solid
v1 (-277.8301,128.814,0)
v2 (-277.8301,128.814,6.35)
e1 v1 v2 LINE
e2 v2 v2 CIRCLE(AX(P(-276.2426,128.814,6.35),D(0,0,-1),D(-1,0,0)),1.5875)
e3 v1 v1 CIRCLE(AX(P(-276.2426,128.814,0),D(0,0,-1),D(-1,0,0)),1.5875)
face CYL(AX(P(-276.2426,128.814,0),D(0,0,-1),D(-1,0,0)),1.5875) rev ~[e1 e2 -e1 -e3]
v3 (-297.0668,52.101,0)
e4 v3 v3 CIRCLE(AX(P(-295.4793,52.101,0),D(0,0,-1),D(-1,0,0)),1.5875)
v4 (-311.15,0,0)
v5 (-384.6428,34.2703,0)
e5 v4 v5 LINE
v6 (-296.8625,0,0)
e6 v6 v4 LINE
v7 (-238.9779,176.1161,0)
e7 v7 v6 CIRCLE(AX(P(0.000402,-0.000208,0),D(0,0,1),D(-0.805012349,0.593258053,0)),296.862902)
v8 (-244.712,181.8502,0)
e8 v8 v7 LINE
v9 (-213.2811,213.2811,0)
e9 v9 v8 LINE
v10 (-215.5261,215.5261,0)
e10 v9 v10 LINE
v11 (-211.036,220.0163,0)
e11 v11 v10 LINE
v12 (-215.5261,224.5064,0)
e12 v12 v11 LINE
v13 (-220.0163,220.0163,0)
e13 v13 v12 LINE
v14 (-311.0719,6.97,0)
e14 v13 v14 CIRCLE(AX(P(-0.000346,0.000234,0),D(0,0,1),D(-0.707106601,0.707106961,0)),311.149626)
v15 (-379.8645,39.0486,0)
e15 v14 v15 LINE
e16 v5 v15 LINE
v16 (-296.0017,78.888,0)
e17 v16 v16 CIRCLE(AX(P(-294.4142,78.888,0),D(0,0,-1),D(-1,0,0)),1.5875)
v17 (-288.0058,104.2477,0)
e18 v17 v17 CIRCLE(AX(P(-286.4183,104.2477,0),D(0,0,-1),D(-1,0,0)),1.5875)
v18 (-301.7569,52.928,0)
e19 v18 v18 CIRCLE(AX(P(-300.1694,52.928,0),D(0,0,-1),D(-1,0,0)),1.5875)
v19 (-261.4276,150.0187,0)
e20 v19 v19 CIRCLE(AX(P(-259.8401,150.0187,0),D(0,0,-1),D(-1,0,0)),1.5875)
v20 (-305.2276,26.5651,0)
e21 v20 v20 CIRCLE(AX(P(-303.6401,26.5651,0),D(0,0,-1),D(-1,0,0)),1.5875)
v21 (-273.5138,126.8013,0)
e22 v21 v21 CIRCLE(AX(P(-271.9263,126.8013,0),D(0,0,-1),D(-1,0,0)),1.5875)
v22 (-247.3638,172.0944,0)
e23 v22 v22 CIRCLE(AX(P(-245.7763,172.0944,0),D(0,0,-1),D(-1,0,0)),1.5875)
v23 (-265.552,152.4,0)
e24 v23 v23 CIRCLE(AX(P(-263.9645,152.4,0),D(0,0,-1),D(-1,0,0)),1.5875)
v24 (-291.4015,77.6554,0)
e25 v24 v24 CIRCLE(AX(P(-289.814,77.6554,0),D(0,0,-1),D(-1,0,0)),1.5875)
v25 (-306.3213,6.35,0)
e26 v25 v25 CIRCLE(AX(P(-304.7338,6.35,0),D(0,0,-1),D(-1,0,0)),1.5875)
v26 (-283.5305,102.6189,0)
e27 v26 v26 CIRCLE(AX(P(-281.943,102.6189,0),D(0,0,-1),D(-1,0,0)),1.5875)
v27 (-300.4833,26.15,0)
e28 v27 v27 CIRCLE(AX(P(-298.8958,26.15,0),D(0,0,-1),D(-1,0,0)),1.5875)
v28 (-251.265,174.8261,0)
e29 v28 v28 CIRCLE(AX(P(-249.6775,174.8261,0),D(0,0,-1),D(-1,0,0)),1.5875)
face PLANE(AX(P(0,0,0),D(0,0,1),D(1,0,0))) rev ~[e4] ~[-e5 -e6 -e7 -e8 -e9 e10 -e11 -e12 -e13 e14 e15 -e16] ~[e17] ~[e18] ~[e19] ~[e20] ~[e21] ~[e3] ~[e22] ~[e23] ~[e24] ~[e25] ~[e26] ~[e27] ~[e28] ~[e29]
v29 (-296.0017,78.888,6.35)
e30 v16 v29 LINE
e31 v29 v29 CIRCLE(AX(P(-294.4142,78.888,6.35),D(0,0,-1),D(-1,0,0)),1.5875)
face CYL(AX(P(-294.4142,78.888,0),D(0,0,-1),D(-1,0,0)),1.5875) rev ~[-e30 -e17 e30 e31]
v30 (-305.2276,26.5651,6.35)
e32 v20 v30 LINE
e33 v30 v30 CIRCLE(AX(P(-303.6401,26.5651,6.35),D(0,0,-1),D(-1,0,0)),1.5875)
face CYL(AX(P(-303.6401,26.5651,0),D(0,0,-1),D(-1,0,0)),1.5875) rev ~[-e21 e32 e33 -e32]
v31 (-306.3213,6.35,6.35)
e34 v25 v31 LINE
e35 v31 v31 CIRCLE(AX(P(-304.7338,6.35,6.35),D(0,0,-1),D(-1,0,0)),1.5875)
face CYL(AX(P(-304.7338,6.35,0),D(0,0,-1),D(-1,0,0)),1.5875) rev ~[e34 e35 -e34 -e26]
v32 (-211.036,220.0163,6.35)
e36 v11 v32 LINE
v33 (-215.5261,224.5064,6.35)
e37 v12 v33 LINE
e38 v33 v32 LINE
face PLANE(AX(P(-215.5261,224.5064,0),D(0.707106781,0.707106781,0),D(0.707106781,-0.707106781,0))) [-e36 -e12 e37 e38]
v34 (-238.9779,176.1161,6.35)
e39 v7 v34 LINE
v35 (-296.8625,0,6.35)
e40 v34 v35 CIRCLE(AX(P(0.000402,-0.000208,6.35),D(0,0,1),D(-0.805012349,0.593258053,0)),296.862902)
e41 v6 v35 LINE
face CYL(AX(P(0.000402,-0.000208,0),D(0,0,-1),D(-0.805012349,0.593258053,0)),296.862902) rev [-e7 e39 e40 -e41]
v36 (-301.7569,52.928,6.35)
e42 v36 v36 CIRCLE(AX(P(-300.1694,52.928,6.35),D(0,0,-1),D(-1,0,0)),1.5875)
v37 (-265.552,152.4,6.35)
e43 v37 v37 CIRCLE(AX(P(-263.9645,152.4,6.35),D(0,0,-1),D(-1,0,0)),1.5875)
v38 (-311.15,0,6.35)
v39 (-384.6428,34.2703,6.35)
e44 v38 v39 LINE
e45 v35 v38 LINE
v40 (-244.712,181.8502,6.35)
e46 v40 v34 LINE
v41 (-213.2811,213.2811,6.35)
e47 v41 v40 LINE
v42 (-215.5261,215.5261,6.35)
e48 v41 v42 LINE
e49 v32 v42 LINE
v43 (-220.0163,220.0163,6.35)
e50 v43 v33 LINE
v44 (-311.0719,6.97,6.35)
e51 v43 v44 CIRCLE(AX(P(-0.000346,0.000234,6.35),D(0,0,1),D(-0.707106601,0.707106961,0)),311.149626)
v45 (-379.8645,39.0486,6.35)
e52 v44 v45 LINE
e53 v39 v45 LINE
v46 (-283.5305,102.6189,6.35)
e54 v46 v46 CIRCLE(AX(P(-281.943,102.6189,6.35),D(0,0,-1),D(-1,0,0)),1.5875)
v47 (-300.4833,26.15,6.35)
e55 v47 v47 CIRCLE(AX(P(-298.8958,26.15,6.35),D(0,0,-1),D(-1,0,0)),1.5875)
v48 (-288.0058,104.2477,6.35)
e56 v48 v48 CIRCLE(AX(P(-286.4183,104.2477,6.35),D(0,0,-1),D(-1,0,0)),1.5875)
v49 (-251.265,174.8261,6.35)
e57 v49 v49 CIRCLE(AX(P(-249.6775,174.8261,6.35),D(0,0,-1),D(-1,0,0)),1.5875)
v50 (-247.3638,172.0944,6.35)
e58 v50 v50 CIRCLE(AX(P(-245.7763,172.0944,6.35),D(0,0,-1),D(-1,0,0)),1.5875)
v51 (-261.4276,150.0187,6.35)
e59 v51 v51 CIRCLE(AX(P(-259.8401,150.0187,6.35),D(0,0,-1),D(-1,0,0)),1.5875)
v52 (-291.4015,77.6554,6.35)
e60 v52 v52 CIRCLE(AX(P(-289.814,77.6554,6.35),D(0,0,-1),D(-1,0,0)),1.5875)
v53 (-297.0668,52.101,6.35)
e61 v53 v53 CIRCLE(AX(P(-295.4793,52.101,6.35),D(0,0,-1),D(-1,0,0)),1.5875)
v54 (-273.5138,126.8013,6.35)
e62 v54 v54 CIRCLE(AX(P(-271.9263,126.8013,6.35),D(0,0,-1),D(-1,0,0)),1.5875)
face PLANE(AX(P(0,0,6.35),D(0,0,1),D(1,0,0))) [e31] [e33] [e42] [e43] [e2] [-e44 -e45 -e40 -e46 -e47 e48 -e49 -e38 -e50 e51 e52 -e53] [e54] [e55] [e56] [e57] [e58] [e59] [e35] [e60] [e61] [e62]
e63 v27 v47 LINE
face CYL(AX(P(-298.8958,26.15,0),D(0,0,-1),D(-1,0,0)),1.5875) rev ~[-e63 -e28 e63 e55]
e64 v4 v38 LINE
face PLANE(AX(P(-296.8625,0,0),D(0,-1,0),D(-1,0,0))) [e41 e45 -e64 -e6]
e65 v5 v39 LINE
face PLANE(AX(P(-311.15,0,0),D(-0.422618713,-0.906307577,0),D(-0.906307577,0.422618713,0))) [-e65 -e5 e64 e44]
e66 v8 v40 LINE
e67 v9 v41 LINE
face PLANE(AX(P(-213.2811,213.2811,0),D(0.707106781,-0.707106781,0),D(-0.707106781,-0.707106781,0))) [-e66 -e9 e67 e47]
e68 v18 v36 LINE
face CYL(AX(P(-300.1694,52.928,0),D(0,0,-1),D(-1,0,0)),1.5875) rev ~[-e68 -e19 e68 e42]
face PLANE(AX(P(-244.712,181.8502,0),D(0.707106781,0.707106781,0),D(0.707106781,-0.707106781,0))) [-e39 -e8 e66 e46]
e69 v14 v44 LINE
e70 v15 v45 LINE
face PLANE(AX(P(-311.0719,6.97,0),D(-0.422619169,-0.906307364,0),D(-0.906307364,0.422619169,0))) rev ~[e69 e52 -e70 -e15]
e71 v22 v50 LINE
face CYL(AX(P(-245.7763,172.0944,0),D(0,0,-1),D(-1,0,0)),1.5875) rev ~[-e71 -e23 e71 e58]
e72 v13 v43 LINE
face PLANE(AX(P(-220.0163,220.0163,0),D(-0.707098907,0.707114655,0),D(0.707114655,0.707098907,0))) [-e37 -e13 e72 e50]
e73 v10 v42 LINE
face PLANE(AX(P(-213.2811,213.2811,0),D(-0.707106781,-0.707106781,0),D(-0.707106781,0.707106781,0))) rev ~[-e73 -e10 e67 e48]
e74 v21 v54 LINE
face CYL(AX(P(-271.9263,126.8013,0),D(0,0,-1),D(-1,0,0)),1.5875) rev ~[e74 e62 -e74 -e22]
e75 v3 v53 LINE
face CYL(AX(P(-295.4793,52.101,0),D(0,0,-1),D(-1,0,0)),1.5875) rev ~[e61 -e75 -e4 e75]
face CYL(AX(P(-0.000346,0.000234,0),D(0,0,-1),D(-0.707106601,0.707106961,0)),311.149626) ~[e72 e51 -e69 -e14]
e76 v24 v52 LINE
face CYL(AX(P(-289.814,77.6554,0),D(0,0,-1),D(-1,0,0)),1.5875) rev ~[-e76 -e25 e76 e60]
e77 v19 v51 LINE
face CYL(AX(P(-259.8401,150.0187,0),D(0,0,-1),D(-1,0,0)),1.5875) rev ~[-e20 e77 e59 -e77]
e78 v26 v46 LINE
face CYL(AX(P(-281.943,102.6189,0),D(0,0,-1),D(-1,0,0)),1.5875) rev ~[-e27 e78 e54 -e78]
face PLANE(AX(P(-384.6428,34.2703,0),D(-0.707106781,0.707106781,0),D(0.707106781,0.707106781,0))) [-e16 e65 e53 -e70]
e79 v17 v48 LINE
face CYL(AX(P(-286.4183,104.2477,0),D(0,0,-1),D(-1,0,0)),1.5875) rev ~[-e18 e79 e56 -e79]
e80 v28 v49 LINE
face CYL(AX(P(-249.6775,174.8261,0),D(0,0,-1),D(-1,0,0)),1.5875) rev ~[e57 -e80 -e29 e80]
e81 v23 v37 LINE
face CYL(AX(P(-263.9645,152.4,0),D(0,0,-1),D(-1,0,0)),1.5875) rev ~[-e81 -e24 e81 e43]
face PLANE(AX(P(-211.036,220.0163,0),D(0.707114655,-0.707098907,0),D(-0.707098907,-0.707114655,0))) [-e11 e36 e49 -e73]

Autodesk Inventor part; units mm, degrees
ref_plane "YZ Plane" through (0, 0, 0) normal (1, 0, 0) x (0, 1, 0)
ref_plane "XZ Plane" through (0, 0, 0) normal (0, 1, 0) x (-1, 0, 0)
ref_plane "XY Plane" through (0, 0, 0) normal (0, 0, 1) x (1, 0, 0)
sketch "Sketch1" plane through (0, 0, 0) normal (0, 0, 1) x (1, 0, 0)
  arc A0 (-220.0163, 220.0163) -> (-311.0719, 6.97) centre (0, 0) ccw
  line L0 (0, 0) -> (-215.5261, 215.5261)
  line L1 (0, 0) -> (-311.15, 0)
  line L2 (-220.0163, 220.0163) -> (-215.5261, 224.5064)
  line L3 (-215.5261, 224.5064) -> (-211.036, 220.0163)
  line L4 (-211.036, 220.0163) -> (-215.5261, 215.5261)
  line L5 (-311.15, 0) -> (-384.6428, 34.2703)
  line L6 (-311.0719, 6.97) -> (-379.8645, 39.0486)
  line L7 (-384.6428, 34.2703) -> (-379.8645, 39.0486)
  arc A1 (-238.9779, 176.1161) -> (-296.8625, 0) centre (0, 0) ccw
  line L8 (-215.5261, 215.5261) -> (-213.2811, 213.2811)
  line L9 (-213.2811, 213.2811) -> (-244.712, 181.8502)
  line L10 (-244.712, 181.8502) -> (-238.9779, 176.1161)
  point P0 (-304.8, 0)
  point P1 (-209.9135, 209.9135)
  dimension "d10" = 45
  dimension "d11" = 6.35
  dimension "d12" = 6.35
  dimension "d13" = 25
  dimension "d14" = 6.35
  dimension "d15" = 76.2
  dimension "d16" = 593.725
  dimension "d18" = 3.175
  dimension "d19" = 44.45
extrude "Extrusion1" add sketch "Sketch1" along normal blind 6.35 contours L2 L3 L4 L0 L9 L10 A1 L1 L5 L7 L6 A0
sketch "Sketch5" plane through (0, 0, 0) normal (0, 0, -1) x (-1, 0, 0)
  line L0 (204.3008, 222.2613) -> (-65.1069, -47.1463) projected
  arc A0 (311.15, 0) -> (220.0163, 220.0163) centre (0, 0) ccw projected
  line L1 (53.8815, 0) -> (311.15, 0) projected
  line L2 (240.2219, 186.3403) -> (53.8815, 0) projected
  line L3 (213.2811, 213.2811) -> (244.712, 181.8502) projected
  line L4 (220.0163, 220.0163) -> (213.2811, 213.2811) projected
  circle A1 centre (289.814, 77.6554) radius 1.5875 projected
  circle A2 centre (245.7763, 172.0944) radius 1.5875 projected
  circle A3 centre (303.6401, 26.5651) radius 1.5875 projected
  circle A4 centre (276.2426, 128.814) radius 1.5875 projected
  circle A5 centre (263.9645, 152.4) radius 1.5875 projected
  circle A6 centre (300.1694, 52.928) radius 1.5875 projected
  circle A7 centre (259.8401, 150.0187) radius 1.5875 projected
  circle A8 centre (295.4793, 52.101) radius 1.5875 projected
  circle A9 centre (281.943, 102.6189) radius 1.5875 projected
  circle A10 centre (219.9695, 210.9892) radius 1.5875 projected
  circle A11 centre (286.4183, 104.2477) radius 1.5875 projected
  circle A12 centre (249.6775, 174.8261) radius 1.5875 projected
  circle A13 centre (294.4142, 78.888) radius 1.5875 projected
  circle A14 centre (304.7338, 6.35) radius 1.5875 projected
  circle A15 centre (271.9263, 126.8013) radius 1.5875 projected
  circle A16 centre (298.8958, 26.15) radius 1.5875 projected
extrude "Extrusion2" cut sketch "Sketch5" against normal blind 25.4 contours A1 | A2 | A3 | A4 | A5 | A6 | A7 | A8 | A9 | A11 | A12 | A13 | A14 | A15 | A16
properties part number "Outer Rail" material "Polycarbonate, Clear"
